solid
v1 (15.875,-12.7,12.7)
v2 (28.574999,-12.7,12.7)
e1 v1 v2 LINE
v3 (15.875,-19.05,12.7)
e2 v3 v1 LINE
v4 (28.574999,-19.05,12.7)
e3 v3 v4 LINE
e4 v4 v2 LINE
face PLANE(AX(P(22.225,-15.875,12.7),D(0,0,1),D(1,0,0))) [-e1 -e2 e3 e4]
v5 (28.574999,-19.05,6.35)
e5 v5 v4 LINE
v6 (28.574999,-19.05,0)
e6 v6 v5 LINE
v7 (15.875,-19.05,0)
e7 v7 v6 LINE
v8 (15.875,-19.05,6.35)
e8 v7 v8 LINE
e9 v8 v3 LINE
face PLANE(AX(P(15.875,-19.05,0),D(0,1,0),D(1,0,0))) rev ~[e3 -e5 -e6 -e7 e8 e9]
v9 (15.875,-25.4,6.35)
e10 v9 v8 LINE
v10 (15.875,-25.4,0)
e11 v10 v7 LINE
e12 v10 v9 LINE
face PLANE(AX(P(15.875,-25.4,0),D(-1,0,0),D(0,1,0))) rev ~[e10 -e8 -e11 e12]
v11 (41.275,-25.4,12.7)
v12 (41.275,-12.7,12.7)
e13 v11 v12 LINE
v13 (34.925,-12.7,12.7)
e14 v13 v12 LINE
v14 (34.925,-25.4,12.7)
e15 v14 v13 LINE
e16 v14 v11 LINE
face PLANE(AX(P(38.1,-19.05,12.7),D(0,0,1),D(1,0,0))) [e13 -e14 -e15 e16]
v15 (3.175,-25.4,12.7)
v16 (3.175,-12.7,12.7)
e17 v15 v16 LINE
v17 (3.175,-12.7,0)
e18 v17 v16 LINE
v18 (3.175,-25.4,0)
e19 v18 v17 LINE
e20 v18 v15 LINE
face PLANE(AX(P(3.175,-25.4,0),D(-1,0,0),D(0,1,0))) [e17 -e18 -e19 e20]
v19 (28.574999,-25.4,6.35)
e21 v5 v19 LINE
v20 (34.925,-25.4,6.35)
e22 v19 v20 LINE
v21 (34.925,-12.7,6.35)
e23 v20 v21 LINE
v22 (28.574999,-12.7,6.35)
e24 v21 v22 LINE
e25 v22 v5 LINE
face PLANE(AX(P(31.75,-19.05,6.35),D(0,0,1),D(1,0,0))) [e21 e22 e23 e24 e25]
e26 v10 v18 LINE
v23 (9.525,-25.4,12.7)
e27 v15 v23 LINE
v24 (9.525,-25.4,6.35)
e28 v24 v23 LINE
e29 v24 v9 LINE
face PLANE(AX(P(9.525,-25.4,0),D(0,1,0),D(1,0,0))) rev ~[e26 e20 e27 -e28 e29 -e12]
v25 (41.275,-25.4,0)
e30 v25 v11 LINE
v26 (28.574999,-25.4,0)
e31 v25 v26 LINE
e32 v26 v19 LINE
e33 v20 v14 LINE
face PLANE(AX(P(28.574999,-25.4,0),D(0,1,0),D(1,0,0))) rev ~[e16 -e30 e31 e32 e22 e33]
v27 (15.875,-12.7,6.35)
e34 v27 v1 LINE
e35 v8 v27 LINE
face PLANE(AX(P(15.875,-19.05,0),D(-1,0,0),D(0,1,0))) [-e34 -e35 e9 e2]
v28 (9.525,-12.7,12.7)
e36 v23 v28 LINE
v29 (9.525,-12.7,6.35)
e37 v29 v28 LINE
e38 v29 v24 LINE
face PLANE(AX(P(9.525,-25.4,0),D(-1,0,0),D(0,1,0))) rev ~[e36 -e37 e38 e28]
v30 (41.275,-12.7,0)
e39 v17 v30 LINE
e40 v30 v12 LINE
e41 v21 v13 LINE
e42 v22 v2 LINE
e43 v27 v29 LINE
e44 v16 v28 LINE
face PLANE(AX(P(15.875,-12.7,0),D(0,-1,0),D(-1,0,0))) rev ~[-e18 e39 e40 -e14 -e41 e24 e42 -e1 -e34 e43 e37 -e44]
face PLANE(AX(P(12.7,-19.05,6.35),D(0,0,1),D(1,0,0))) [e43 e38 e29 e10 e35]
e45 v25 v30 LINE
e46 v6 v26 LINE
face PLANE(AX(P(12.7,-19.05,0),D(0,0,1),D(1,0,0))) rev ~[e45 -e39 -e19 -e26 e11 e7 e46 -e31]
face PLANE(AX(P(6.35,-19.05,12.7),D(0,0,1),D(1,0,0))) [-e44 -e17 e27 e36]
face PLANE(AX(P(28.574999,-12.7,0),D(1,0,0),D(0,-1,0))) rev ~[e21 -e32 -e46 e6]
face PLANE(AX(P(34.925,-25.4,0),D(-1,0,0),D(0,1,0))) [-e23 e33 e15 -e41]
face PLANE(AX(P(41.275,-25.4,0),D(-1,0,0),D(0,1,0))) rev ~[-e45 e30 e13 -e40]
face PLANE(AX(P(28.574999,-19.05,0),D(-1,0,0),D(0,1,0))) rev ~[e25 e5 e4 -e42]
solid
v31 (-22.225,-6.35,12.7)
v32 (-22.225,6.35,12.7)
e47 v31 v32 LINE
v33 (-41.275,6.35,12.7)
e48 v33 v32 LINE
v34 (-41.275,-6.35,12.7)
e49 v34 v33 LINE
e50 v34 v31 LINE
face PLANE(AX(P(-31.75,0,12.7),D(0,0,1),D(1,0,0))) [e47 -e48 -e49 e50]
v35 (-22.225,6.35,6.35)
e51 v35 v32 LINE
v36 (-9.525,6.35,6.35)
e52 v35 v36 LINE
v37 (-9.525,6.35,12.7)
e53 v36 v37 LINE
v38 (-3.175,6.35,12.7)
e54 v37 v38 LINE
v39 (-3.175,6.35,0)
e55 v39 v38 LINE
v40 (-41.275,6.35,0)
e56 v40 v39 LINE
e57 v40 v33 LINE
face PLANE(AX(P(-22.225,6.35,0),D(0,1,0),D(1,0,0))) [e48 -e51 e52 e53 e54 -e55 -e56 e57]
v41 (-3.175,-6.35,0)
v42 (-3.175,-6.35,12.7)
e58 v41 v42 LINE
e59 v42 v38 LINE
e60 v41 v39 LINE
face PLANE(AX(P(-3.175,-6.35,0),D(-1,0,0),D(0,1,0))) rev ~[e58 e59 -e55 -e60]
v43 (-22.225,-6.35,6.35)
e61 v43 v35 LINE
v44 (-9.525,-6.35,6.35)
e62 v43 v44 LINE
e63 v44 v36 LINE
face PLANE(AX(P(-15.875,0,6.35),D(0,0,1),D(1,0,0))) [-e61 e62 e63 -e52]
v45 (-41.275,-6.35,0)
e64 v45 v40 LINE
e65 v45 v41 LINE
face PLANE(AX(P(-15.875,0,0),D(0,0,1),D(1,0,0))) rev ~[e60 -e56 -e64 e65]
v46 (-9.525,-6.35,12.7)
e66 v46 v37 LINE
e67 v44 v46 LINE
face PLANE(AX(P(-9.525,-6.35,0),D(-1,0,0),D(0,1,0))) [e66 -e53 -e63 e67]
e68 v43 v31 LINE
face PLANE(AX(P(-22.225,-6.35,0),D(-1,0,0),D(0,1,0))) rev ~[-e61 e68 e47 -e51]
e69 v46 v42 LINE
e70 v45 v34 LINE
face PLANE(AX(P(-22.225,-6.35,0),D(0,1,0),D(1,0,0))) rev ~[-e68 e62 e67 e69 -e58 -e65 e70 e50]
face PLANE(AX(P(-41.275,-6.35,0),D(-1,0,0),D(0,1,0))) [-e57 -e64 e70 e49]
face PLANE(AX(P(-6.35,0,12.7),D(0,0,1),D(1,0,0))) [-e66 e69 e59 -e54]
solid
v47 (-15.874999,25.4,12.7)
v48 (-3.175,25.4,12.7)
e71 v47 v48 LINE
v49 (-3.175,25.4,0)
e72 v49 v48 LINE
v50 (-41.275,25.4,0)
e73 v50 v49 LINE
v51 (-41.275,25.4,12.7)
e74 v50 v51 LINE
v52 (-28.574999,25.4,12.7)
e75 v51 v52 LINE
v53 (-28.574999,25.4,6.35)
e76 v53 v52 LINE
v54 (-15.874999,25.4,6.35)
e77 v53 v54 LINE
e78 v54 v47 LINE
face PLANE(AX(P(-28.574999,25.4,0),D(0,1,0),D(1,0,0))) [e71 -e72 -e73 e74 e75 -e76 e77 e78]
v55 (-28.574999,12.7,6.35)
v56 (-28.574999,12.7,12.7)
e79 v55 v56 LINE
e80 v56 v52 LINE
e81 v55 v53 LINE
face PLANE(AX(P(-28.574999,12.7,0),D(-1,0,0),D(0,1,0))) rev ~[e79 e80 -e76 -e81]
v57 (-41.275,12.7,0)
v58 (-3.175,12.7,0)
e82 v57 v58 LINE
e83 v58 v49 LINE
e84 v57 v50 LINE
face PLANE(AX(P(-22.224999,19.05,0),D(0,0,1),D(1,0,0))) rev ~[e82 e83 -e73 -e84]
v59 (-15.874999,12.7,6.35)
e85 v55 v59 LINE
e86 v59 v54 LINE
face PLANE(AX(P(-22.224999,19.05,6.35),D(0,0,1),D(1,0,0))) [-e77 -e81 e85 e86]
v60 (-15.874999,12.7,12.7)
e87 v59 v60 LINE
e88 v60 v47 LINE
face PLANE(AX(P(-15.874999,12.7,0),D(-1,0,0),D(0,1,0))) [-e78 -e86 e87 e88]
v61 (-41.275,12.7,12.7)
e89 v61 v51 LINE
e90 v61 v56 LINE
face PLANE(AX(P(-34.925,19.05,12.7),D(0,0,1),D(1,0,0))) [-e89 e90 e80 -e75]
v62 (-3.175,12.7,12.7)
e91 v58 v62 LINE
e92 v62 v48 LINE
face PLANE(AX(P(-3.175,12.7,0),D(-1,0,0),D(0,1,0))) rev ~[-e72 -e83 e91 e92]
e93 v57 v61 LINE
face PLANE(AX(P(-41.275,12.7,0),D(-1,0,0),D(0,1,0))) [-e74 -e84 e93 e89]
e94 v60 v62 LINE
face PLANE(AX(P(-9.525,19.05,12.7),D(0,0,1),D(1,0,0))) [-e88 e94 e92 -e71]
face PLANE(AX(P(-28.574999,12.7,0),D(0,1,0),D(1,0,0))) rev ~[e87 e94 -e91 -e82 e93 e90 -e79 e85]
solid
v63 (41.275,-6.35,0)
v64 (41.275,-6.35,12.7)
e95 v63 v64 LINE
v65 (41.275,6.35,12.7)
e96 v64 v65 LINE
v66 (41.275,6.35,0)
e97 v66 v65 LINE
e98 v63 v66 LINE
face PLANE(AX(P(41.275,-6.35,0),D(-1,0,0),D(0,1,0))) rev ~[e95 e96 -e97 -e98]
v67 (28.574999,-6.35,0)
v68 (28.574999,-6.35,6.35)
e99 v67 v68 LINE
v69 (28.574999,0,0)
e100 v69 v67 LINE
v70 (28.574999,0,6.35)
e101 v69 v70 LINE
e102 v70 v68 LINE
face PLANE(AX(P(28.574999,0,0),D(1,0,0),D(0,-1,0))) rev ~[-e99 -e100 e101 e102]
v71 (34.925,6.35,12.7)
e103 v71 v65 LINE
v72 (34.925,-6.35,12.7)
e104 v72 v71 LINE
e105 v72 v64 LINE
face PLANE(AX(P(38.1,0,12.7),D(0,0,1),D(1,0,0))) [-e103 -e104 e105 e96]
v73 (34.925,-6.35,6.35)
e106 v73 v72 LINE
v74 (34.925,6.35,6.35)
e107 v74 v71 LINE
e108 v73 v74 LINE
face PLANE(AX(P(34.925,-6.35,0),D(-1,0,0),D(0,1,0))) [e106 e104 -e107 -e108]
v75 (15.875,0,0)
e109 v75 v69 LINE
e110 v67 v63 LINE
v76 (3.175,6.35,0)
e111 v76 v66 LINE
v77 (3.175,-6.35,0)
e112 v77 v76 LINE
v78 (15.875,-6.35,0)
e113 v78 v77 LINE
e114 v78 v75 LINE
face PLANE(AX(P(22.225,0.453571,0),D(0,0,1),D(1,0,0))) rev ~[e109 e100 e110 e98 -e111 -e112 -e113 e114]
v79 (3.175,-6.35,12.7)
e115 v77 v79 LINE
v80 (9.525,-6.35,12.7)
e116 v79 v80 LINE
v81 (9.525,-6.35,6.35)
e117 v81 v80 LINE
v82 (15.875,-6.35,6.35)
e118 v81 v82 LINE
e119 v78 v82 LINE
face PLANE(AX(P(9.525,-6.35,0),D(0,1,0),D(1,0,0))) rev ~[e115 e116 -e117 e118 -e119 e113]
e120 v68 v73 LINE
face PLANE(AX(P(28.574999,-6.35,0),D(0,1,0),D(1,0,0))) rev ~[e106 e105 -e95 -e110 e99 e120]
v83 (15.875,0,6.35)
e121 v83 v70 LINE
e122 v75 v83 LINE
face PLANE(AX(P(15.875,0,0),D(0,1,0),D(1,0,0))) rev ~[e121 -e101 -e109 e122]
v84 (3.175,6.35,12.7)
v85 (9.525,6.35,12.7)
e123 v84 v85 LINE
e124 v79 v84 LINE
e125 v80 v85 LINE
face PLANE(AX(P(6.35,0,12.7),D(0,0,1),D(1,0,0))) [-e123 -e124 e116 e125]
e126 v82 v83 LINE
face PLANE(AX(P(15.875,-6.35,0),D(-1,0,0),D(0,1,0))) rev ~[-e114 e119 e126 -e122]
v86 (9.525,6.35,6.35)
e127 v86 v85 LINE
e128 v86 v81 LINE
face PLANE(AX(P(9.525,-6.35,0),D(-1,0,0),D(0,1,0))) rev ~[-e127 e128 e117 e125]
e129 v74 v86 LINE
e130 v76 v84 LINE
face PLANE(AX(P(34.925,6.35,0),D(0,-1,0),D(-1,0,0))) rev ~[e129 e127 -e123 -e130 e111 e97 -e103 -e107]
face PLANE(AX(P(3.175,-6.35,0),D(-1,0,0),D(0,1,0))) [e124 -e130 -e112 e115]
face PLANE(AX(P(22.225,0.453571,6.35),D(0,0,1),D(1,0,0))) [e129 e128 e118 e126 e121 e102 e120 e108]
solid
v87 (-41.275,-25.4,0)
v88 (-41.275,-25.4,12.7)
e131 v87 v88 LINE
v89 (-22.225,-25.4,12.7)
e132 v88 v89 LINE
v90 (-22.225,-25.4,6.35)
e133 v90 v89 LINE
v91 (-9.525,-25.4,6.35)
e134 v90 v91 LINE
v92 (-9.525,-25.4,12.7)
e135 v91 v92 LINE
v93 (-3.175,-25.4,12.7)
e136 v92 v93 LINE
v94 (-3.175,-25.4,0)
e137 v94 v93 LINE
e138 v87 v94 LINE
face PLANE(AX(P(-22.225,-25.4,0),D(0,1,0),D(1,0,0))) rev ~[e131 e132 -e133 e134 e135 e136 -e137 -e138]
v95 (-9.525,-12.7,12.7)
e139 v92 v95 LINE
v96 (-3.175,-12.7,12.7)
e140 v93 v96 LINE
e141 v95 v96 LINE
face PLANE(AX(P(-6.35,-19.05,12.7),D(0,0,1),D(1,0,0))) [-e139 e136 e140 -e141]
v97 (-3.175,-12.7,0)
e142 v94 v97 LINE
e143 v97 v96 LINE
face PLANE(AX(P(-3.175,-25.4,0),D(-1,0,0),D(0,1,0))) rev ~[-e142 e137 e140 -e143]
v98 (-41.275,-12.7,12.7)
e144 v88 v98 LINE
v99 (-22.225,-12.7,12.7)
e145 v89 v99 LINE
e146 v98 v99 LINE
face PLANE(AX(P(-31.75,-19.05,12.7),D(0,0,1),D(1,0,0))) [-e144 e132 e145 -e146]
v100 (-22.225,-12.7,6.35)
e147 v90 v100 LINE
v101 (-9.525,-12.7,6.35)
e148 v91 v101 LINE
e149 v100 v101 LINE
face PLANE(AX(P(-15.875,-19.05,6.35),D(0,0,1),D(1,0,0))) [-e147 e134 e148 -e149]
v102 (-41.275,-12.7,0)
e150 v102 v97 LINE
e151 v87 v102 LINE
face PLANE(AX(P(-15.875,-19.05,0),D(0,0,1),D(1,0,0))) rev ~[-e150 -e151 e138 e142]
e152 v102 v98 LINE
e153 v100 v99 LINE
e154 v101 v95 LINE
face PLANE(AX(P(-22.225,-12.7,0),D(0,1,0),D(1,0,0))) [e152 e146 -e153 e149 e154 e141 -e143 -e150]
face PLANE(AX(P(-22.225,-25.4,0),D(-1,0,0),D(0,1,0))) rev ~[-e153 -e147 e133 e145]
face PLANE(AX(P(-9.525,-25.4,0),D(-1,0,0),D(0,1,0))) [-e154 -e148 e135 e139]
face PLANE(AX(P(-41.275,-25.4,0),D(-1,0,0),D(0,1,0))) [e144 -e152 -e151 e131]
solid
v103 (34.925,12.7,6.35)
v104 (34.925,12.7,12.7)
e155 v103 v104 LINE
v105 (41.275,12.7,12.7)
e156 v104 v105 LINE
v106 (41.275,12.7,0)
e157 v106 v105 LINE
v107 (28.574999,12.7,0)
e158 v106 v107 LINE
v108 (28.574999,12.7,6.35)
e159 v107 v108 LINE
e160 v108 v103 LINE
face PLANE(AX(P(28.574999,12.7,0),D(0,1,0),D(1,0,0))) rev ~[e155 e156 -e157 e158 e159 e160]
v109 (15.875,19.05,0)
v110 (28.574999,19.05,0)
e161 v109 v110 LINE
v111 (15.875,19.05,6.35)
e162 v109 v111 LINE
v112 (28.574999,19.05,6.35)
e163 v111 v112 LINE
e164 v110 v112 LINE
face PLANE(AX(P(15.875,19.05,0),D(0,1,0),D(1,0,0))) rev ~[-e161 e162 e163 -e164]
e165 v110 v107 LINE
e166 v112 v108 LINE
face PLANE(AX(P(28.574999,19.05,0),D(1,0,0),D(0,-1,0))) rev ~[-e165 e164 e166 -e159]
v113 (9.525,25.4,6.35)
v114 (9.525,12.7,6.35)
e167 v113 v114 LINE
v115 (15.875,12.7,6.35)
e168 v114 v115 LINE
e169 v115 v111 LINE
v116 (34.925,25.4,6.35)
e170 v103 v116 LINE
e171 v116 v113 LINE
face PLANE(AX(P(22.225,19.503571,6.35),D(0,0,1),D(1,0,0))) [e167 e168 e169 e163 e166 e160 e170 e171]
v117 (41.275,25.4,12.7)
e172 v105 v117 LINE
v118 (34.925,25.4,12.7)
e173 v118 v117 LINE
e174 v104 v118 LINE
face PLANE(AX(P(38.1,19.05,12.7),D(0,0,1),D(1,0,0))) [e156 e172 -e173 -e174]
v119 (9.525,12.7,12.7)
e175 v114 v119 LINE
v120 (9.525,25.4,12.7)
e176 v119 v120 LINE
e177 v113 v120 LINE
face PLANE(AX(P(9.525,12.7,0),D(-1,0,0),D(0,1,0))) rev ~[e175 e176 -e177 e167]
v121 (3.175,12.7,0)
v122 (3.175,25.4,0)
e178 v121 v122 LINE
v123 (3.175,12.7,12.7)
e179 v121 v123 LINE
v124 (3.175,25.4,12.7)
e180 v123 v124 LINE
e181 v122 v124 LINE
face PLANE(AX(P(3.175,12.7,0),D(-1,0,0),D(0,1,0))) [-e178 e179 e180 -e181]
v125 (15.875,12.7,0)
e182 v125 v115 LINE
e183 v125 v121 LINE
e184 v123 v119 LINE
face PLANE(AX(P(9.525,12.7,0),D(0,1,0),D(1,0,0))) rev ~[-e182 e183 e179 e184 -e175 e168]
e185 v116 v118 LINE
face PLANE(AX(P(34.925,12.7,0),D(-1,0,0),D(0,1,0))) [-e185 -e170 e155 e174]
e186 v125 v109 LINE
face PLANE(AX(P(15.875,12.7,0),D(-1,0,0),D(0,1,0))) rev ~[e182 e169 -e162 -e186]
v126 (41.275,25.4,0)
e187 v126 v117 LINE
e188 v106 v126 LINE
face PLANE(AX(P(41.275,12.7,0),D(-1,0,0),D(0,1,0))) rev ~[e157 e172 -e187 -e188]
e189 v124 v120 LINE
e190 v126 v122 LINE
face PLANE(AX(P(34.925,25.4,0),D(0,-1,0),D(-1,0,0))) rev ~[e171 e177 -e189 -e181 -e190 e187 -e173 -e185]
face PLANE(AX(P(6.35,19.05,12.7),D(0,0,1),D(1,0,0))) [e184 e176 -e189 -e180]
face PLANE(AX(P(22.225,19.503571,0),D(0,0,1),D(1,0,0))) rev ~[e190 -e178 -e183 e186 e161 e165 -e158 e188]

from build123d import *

# Parameters (mm, degrees)
F0_W     = 12.7000005782
F0_H     = 12.7
F1_DEPTH = 12.7
F0_W_2   = 12.6999994218
F0_W_3   = 19.05
F0_W_4   = 6.35
F0_H_2   = 6.35
F0_W_5   = 6.3500002891
F0_W_6   = 12.7
F2_DEPTH = 6.35


with BuildPart() as f1:
    # F0 (on Top) → F1 (new body)
    with BuildSketch(Plane.XY):
        with Locations((-34.9249997109, 19.05)):
            Rectangle(F0_W, F0_H)
    extrude(amount=F1_DEPTH)



with BuildPart() as f1b:
    # F0 (on Top) → F1, piece 2 (new body)
    with BuildSketch(Plane.XY):
        with Locations((-9.5249997109, 19.05)):
            Rectangle(F0_W_2, F0_H)
    extrude(amount=F1_DEPTH)


with BuildPart() as f1c:
    # F0 (on Top) → F1, piece 3 (new body)
    with BuildSketch(Plane.XY):
        with Locations((-31.75, 0)):
            Rectangle(F0_W_3, F0_H)
    extrude(amount=F1_DEPTH)



with BuildPart() as f1d:
    # F0 (on Top) → F1, piece 4 (new body)
    with BuildSketch(Plane.XY):
        with Locations((-6.35, 0)):
            Rectangle(F0_W_4, F0_H)
    extrude(amount=F1_DEPTH)


with BuildPart() as f1e:
    # F0 (on Top) → F1, piece 5 (new body)
    with BuildSketch(Plane.XY):
        with Locations((-6.35, -19.05)):
            Rectangle(F0_W_4, F0_H)
    extrude(amount=F1_DEPTH)



with BuildPart() as f1f:
    # F0 (on Top) → F1, piece 6 (new body)
    with BuildSketch(Plane.XY):
        with Locations((-31.75, -19.05)):
            Rectangle(F0_W_3, F0_H)
    extrude(amount=F1_DEPTH)


with BuildPart() as f1g:
    # F0 (on Top) → F1, piece 7 (new body)
    with BuildSketch(Plane.XY):
        with Locations((6.35, -19.05)):
            Rectangle(F0_W_4, F0_H)
    extrude(amount=F1_DEPTH)



with BuildPart() as f1h:
    # F0 (on Top) → F1, piece 8 (new body)
    with BuildSketch(Plane.XY):
        with Locations((22.2249997109, -15.875)):
            Rectangle(F0_W_2, F0_H_2)
    extrude(amount=F1_DEPTH)


with BuildPart() as f1i:
    # F0 (on Top) → F1, piece 9 (new body)
    with BuildSketch(Plane.XY):
        with Locations((38.0999998555, -19.05)):
            Rectangle(F0_W_5, F0_H)
    extrude(amount=F1_DEPTH)


with BuildPart() as f1j:
    # F0 (on Top) → F1, piece 10 (new body)
    with BuildSketch(Plane.XY):
        with Locations((38.0999998555, 0)):
            Rectangle(F0_W_5, F0_H)
    extrude(amount=F1_DEPTH)



with BuildPart() as f1k:
    # F0 (on Top) → F1, piece 11 (new body)
    with BuildSketch(Plane.XY):
        with Locations((6.35, 0)):
            Rectangle(F0_W_4, F0_H)
    extrude(amount=F1_DEPTH)


with BuildPart() as f1l:
    # F0 (on Top) → F1, piece 12 (new body)
    with BuildSketch(Plane.XY):
        with Locations((6.35, 19.05)):
            Rectangle(F0_W_4, F0_H)
    extrude(amount=F1_DEPTH)



with BuildPart() as f1m:
    # F0 (on Top) → F1, piece 13 (new body)
    with BuildSketch(Plane.XY):
        with Locations((38.0999998555, 19.05)):
            Rectangle(F0_W_5, F0_H)
    extrude(amount=F1_DEPTH)


with BuildPart() as f1_1:
    add(f1.part)

    add(f1b.part)  # F2 merges F1b
    # F0 (on Top) → F2 (join)
    with BuildSketch(Plane.XY):
        with Locations((-22.2249994218, 19.05)):
            Rectangle(F0_W_6, F0_H)
    extrude(amount=F2_DEPTH)


with BuildPart() as f1c_1:
    add(f1c.part)

    add(f1d.part)  # F2#2 merges F1d
    # F0 (on Top) → F2, piece 2 (join)
    with BuildSketch(Plane.XY):
        with Locations((-15.875, 0)):
            Rectangle(F0_W_6, F0_H)
    extrude(amount=F2_DEPTH)


with BuildPart() as f1j_1:
    add(f1j.part)

    add(f1k.part)  # F2#3 merges F1k
    # F0 (on Top) → F2, piece 3 (join)
    with BuildSketch(Plane.XY):
        Polygon((28.5749994218, -6.35), (34.9249997109, -6.35), (34.9249997109, 6.35), (9.525, 6.35), (9.525, -6.35), (15.875, -6.35), (15.875, 0), (28.5749994218, 0), align=None)
    extrude(amount=F2_DEPTH)


with BuildPart() as f1l_1:
    add(f1l.part)

    add(f1m.part)  # F2#4 merges F1m
    # F0 (on Top) → F2, piece 4 (join)
    with BuildSketch(Plane.XY):
        Polygon((34.9249997109, 12.7), (34.9249997109, 25.4), (28.5749994218, 25.4), (9.525, 25.4), (9.525, 12.7), (15.875, 12.7), (15.875, 19.05), (28.5749994218, 19.05), (28.5749994218, 12.7), align=None)
    extrude(amount=F2_DEPTH)


with BuildPart() as f1g_1:
    add(f1g.part)

    add(f1h.part)  # F2#5 merges F1h

    add(f1i.part)  # F2#5 merges F1i
    # F0 (on Top) → F2, piece 5 (join)
    with BuildSketch(Plane.XY):
        Polygon((15.875, -25.4), (15.875, -19.05), (15.875, -12.7), (9.525, -12.7), (9.525, -25.4), align=None)
        Polygon((28.5749994218, -25.4), (34.9249997109, -25.4), (34.9249997109, -12.7), (28.5749994218, -12.7), (28.5749994218, -19.05), align=None)
    extrude(amount=F2_DEPTH)


with BuildPart() as f1e_1:
    add(f1e.part)

    add(f1f.part)  # F2#6 merges F1f
    # F0 (on Top) → F2, piece 6 (join)
    with BuildSketch(Plane.XY):
        with Locations((-15.875, -19.05)):
            Rectangle(F0_W_6, F0_H)
    extrude(amount=F2_DEPTH)


solid = Compound([f1_1.part, f1c_1.part, f1j_1.part, f1l_1.part, f1g_1.part, f1e_1.part])
